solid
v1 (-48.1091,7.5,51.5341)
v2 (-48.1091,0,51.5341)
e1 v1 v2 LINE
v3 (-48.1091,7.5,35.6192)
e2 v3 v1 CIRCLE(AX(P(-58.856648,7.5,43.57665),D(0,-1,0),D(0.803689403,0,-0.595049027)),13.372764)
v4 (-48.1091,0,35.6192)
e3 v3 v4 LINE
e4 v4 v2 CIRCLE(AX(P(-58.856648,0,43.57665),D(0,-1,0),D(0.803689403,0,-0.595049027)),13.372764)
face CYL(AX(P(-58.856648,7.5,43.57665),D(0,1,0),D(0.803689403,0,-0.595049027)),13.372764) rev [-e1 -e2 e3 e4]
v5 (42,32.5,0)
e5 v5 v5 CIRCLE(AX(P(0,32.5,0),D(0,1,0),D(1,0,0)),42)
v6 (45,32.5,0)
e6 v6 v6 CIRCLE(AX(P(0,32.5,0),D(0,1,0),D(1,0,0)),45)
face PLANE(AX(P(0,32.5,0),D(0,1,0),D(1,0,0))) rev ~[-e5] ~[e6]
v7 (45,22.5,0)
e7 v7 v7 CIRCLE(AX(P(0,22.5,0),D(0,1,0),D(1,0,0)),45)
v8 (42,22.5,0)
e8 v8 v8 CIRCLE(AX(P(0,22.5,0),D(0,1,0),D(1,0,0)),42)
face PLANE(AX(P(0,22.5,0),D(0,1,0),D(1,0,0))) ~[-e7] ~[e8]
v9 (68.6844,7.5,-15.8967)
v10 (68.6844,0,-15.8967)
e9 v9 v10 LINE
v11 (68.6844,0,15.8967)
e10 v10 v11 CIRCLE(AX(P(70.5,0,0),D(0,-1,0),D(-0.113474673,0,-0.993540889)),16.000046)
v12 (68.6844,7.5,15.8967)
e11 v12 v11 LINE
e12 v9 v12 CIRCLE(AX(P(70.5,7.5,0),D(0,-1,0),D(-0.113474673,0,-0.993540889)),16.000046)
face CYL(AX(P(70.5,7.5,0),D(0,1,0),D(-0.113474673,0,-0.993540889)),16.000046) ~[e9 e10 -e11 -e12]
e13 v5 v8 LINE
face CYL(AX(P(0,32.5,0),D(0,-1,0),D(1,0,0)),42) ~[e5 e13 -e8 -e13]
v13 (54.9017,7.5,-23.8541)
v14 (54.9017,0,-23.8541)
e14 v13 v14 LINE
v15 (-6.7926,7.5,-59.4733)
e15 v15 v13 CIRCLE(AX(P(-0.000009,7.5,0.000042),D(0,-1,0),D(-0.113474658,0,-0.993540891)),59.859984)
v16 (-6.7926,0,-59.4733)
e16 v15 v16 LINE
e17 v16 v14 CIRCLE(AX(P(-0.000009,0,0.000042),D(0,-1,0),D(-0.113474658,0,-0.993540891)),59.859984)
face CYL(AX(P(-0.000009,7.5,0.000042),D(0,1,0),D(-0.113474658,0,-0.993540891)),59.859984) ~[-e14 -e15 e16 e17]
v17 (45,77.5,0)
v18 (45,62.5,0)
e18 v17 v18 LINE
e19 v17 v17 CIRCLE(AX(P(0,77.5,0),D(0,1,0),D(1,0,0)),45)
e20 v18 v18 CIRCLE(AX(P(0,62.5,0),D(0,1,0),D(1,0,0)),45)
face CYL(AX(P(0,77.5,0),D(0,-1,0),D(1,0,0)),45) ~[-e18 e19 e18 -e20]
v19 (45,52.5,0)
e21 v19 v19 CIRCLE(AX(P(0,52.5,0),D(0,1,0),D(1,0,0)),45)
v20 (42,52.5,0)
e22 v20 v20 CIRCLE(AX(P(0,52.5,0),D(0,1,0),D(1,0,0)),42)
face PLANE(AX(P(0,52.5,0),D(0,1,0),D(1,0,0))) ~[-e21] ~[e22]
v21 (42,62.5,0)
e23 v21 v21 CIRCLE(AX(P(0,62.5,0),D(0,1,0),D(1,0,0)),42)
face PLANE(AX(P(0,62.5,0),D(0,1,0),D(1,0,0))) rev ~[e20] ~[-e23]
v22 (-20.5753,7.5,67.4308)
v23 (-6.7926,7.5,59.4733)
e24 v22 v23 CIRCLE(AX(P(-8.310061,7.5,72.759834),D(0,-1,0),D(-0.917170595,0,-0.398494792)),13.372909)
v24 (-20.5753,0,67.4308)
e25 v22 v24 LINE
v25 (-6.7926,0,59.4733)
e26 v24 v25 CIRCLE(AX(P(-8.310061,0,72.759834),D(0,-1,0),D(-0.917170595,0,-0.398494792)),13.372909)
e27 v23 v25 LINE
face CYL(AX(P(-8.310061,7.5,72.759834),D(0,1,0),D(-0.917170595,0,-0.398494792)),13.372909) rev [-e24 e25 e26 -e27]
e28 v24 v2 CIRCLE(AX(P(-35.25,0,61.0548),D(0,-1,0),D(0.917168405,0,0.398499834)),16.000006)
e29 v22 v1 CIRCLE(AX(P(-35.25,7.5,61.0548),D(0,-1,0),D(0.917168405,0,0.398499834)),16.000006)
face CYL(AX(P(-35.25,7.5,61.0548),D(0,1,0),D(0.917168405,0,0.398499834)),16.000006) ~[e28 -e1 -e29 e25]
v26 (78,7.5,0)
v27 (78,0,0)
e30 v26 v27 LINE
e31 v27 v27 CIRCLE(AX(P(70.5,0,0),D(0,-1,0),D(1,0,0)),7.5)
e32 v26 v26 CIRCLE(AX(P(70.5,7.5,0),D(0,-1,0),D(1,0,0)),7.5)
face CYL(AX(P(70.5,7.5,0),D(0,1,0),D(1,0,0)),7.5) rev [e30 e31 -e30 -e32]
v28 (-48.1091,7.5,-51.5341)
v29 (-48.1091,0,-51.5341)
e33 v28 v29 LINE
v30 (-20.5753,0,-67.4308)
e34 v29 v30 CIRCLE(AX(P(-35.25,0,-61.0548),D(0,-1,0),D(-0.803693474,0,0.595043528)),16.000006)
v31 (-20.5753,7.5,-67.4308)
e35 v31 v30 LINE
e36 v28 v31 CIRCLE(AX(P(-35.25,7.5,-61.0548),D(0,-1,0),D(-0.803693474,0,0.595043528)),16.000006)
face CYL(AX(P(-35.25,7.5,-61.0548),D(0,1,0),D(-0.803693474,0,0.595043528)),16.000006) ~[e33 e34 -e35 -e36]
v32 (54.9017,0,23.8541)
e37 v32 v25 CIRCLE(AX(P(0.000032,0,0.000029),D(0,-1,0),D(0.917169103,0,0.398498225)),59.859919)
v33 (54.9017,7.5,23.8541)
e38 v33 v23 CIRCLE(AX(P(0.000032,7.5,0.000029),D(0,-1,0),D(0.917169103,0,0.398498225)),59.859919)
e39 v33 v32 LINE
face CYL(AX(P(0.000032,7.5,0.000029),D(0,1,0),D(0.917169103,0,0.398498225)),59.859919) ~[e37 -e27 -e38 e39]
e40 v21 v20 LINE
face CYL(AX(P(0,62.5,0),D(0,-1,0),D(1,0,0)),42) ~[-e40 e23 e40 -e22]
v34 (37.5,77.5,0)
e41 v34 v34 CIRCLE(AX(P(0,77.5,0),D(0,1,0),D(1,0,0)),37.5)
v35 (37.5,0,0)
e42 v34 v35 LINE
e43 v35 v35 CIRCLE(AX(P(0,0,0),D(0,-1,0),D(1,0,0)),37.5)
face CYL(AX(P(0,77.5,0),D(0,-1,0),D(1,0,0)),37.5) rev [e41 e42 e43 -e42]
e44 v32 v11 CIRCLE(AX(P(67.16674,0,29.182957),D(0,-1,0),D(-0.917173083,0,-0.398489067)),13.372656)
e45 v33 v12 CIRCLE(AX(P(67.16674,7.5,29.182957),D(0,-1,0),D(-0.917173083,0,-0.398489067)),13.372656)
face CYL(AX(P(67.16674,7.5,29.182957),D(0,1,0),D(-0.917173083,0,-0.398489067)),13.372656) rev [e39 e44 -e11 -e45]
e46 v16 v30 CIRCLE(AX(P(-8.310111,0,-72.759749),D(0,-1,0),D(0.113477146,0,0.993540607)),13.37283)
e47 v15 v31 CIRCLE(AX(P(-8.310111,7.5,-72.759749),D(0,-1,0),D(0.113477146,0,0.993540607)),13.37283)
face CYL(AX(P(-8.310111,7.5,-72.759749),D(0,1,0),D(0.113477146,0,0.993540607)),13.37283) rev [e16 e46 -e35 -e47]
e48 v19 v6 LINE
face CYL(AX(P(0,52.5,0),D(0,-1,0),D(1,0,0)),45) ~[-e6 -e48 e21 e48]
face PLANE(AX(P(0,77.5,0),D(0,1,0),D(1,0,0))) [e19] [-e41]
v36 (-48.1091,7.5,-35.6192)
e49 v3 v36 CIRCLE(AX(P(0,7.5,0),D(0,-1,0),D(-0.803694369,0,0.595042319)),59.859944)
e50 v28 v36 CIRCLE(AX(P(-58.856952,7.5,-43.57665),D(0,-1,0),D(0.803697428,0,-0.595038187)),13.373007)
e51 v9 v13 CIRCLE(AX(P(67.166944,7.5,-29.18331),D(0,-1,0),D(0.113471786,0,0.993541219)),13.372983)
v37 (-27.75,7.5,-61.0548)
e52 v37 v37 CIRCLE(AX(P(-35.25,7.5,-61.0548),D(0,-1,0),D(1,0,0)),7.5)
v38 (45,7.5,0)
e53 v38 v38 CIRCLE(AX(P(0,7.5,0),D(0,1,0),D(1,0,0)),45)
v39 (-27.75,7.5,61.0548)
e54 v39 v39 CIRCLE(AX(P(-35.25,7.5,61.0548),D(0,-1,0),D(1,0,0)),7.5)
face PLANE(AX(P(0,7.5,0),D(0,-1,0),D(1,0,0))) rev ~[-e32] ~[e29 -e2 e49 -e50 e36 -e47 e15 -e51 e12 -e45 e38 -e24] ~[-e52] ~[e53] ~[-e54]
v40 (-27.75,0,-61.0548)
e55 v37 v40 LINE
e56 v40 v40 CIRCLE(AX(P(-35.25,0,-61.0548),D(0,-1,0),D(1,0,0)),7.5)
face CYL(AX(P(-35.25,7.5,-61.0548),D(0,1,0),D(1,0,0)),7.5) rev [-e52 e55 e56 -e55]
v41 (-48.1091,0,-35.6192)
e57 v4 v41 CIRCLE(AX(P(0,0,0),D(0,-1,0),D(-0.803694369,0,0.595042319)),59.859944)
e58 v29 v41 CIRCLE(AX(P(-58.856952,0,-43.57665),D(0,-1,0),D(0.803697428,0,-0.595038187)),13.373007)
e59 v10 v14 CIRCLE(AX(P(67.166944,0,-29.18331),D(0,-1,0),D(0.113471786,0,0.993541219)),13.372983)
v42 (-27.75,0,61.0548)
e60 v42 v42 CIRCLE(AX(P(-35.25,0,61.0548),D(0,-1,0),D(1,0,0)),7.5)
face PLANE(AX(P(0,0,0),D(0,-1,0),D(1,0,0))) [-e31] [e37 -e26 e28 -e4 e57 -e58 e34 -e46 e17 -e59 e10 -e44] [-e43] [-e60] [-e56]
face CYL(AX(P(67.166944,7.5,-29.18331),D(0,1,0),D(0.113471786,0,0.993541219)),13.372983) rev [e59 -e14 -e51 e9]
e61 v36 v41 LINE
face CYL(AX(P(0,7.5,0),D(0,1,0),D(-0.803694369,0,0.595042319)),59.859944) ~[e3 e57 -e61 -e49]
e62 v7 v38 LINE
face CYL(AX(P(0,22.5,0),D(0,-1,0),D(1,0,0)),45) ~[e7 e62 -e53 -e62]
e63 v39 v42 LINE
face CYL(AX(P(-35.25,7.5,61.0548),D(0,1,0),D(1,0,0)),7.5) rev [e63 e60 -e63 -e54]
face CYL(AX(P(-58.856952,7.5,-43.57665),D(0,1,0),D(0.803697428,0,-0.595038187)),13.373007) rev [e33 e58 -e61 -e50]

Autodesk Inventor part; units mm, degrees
ref_plane "YZ Plane" through (0, 0, 0) normal (1, 0, 0) x (0, 1, 0)
ref_plane "XZ Plane" through (0, 0, 0) normal (0, 1, 0) x (-1, 0, 0)
ref_plane "XY Plane" through (0, 0, 0) normal (0, 0, 1) x (1, 0, 0)
sketch "Sketch1" plane through (0, 0, 0) normal (0, 0, 1) x (1, 0, 0)
  line L0 (0, 0) -> (0, 77.5) construction
  line L1 (45, 77.5) -> (45, 62.5)
  line L2 (45, 62.5) -> (42, 62.5)
  line L3 (42, 62.5) -> (42, 52.5)
  line L4 (42, 52.5) -> (45, 52.5)
  line L5 (45, 52.5) -> (45, 32.5)
  line L6 (45, 32.5) -> (42, 32.5)
  line L7 (42, 32.5) -> (42, 22.5)
  line L8 (42, 22.5) -> (45, 22.5)
  line L9 (45, 22.5) -> (45, 7.5)
  line L10 (45, 77.5) -> (37.5, 77.5)
  line L11 (37.5, 77.5) -> (37.5, 7.5)
  line L12 (37.5, 7.5) -> (45, 7.5)
  dimension "d0" = 3
  dimension "d1" = 15
  dimension "d2" = 10
  dimension "d3" = 20
  dimension "d4" = 7.5
  dimension "d5" = 15
  dimension "d6" = 90
  dimension "d7" = 77.5
  dimension "d8" = 75
revolve "Revolution1" add sketch "Sketch1" angle 360 about axis through (0, 0, 0) along (0, 1, 0)
sketch "Sketch3" plane through (0, 7.5, 0) normal (0, -1, 0) x (1, 0, 0)
  circle A0 centre (0, 0) radius 45 projected
  circle A1 centre (0, 0) radius 37.5 projected
  circle A2 centre (0, 0) radius 37.5
  circle A3 centre (-35.25, -61.0548) radius 7.5
  circle A4 centre (70.5, 0) radius 7.5
  circle A5 centre (-35.25, 61.0548) radius 7.5
  arc A6 (-20.5753, 67.4308) -> (-48.1091, 51.5341) centre (-35.25, 61.0548) ccw
  arc A7 (-48.1091, 35.6192) -> (-48.1091, -35.6192) centre (0, 0) ccw
  arc A8 (-48.1091, 35.6192) -> (-48.1091, 51.5341) centre (-58.8568, 43.5767) ccw
  arc A9 (-48.1091, -51.5341) -> (-48.1091, -35.6192) centre (-58.8568, -43.5767) ccw
  arc A10 (-48.1091, -51.5341) -> (-20.5753, -67.4308) centre (-35.25, -61.0548) ccw
  arc A11 (-6.7926, -59.4733) -> (-20.5753, -67.4308) centre (-8.3101, -72.7598) ccw
  arc A12 (-6.7926, -59.4733) -> (54.9017, -23.8541) centre (0, 0) ccw
  arc A13 (68.6844, -15.8967) -> (54.9017, -23.8541) centre (67.1669, -29.1831) ccw
  arc A14 (68.6844, -15.8967) -> (68.6844, 15.8967) centre (70.5, 0) ccw
  arc A15 (54.9017, 23.8541) -> (68.6844, 15.8967) centre (67.1669, 29.1831) ccw
  arc A16 (54.9017, 23.8541) -> (-6.7926, 59.4733) centre (0, 0) ccw
  arc A17 (-20.5753, 67.4308) -> (-6.7926, 59.4733) centre (-8.3101, 72.7598) ccw
  point P0 (-20.5753, 67.4308)
  point P1 (-48.1091, -51.5341)
  point P2 (68.6844, -15.8967)
  dimension "d10" = 141
  dimension "d11" = 15
  dimension "d14" = 360
  dimension "d16" = 16
  dimension "d19" = 360
extrude "Extrusion1" add sketch "Sketch3" along normal blind 7.5 contours A0 | A17 A16 A15 A14 A13 A12 A11 A10 A9 A7 A8 A6
properties part number "10"
